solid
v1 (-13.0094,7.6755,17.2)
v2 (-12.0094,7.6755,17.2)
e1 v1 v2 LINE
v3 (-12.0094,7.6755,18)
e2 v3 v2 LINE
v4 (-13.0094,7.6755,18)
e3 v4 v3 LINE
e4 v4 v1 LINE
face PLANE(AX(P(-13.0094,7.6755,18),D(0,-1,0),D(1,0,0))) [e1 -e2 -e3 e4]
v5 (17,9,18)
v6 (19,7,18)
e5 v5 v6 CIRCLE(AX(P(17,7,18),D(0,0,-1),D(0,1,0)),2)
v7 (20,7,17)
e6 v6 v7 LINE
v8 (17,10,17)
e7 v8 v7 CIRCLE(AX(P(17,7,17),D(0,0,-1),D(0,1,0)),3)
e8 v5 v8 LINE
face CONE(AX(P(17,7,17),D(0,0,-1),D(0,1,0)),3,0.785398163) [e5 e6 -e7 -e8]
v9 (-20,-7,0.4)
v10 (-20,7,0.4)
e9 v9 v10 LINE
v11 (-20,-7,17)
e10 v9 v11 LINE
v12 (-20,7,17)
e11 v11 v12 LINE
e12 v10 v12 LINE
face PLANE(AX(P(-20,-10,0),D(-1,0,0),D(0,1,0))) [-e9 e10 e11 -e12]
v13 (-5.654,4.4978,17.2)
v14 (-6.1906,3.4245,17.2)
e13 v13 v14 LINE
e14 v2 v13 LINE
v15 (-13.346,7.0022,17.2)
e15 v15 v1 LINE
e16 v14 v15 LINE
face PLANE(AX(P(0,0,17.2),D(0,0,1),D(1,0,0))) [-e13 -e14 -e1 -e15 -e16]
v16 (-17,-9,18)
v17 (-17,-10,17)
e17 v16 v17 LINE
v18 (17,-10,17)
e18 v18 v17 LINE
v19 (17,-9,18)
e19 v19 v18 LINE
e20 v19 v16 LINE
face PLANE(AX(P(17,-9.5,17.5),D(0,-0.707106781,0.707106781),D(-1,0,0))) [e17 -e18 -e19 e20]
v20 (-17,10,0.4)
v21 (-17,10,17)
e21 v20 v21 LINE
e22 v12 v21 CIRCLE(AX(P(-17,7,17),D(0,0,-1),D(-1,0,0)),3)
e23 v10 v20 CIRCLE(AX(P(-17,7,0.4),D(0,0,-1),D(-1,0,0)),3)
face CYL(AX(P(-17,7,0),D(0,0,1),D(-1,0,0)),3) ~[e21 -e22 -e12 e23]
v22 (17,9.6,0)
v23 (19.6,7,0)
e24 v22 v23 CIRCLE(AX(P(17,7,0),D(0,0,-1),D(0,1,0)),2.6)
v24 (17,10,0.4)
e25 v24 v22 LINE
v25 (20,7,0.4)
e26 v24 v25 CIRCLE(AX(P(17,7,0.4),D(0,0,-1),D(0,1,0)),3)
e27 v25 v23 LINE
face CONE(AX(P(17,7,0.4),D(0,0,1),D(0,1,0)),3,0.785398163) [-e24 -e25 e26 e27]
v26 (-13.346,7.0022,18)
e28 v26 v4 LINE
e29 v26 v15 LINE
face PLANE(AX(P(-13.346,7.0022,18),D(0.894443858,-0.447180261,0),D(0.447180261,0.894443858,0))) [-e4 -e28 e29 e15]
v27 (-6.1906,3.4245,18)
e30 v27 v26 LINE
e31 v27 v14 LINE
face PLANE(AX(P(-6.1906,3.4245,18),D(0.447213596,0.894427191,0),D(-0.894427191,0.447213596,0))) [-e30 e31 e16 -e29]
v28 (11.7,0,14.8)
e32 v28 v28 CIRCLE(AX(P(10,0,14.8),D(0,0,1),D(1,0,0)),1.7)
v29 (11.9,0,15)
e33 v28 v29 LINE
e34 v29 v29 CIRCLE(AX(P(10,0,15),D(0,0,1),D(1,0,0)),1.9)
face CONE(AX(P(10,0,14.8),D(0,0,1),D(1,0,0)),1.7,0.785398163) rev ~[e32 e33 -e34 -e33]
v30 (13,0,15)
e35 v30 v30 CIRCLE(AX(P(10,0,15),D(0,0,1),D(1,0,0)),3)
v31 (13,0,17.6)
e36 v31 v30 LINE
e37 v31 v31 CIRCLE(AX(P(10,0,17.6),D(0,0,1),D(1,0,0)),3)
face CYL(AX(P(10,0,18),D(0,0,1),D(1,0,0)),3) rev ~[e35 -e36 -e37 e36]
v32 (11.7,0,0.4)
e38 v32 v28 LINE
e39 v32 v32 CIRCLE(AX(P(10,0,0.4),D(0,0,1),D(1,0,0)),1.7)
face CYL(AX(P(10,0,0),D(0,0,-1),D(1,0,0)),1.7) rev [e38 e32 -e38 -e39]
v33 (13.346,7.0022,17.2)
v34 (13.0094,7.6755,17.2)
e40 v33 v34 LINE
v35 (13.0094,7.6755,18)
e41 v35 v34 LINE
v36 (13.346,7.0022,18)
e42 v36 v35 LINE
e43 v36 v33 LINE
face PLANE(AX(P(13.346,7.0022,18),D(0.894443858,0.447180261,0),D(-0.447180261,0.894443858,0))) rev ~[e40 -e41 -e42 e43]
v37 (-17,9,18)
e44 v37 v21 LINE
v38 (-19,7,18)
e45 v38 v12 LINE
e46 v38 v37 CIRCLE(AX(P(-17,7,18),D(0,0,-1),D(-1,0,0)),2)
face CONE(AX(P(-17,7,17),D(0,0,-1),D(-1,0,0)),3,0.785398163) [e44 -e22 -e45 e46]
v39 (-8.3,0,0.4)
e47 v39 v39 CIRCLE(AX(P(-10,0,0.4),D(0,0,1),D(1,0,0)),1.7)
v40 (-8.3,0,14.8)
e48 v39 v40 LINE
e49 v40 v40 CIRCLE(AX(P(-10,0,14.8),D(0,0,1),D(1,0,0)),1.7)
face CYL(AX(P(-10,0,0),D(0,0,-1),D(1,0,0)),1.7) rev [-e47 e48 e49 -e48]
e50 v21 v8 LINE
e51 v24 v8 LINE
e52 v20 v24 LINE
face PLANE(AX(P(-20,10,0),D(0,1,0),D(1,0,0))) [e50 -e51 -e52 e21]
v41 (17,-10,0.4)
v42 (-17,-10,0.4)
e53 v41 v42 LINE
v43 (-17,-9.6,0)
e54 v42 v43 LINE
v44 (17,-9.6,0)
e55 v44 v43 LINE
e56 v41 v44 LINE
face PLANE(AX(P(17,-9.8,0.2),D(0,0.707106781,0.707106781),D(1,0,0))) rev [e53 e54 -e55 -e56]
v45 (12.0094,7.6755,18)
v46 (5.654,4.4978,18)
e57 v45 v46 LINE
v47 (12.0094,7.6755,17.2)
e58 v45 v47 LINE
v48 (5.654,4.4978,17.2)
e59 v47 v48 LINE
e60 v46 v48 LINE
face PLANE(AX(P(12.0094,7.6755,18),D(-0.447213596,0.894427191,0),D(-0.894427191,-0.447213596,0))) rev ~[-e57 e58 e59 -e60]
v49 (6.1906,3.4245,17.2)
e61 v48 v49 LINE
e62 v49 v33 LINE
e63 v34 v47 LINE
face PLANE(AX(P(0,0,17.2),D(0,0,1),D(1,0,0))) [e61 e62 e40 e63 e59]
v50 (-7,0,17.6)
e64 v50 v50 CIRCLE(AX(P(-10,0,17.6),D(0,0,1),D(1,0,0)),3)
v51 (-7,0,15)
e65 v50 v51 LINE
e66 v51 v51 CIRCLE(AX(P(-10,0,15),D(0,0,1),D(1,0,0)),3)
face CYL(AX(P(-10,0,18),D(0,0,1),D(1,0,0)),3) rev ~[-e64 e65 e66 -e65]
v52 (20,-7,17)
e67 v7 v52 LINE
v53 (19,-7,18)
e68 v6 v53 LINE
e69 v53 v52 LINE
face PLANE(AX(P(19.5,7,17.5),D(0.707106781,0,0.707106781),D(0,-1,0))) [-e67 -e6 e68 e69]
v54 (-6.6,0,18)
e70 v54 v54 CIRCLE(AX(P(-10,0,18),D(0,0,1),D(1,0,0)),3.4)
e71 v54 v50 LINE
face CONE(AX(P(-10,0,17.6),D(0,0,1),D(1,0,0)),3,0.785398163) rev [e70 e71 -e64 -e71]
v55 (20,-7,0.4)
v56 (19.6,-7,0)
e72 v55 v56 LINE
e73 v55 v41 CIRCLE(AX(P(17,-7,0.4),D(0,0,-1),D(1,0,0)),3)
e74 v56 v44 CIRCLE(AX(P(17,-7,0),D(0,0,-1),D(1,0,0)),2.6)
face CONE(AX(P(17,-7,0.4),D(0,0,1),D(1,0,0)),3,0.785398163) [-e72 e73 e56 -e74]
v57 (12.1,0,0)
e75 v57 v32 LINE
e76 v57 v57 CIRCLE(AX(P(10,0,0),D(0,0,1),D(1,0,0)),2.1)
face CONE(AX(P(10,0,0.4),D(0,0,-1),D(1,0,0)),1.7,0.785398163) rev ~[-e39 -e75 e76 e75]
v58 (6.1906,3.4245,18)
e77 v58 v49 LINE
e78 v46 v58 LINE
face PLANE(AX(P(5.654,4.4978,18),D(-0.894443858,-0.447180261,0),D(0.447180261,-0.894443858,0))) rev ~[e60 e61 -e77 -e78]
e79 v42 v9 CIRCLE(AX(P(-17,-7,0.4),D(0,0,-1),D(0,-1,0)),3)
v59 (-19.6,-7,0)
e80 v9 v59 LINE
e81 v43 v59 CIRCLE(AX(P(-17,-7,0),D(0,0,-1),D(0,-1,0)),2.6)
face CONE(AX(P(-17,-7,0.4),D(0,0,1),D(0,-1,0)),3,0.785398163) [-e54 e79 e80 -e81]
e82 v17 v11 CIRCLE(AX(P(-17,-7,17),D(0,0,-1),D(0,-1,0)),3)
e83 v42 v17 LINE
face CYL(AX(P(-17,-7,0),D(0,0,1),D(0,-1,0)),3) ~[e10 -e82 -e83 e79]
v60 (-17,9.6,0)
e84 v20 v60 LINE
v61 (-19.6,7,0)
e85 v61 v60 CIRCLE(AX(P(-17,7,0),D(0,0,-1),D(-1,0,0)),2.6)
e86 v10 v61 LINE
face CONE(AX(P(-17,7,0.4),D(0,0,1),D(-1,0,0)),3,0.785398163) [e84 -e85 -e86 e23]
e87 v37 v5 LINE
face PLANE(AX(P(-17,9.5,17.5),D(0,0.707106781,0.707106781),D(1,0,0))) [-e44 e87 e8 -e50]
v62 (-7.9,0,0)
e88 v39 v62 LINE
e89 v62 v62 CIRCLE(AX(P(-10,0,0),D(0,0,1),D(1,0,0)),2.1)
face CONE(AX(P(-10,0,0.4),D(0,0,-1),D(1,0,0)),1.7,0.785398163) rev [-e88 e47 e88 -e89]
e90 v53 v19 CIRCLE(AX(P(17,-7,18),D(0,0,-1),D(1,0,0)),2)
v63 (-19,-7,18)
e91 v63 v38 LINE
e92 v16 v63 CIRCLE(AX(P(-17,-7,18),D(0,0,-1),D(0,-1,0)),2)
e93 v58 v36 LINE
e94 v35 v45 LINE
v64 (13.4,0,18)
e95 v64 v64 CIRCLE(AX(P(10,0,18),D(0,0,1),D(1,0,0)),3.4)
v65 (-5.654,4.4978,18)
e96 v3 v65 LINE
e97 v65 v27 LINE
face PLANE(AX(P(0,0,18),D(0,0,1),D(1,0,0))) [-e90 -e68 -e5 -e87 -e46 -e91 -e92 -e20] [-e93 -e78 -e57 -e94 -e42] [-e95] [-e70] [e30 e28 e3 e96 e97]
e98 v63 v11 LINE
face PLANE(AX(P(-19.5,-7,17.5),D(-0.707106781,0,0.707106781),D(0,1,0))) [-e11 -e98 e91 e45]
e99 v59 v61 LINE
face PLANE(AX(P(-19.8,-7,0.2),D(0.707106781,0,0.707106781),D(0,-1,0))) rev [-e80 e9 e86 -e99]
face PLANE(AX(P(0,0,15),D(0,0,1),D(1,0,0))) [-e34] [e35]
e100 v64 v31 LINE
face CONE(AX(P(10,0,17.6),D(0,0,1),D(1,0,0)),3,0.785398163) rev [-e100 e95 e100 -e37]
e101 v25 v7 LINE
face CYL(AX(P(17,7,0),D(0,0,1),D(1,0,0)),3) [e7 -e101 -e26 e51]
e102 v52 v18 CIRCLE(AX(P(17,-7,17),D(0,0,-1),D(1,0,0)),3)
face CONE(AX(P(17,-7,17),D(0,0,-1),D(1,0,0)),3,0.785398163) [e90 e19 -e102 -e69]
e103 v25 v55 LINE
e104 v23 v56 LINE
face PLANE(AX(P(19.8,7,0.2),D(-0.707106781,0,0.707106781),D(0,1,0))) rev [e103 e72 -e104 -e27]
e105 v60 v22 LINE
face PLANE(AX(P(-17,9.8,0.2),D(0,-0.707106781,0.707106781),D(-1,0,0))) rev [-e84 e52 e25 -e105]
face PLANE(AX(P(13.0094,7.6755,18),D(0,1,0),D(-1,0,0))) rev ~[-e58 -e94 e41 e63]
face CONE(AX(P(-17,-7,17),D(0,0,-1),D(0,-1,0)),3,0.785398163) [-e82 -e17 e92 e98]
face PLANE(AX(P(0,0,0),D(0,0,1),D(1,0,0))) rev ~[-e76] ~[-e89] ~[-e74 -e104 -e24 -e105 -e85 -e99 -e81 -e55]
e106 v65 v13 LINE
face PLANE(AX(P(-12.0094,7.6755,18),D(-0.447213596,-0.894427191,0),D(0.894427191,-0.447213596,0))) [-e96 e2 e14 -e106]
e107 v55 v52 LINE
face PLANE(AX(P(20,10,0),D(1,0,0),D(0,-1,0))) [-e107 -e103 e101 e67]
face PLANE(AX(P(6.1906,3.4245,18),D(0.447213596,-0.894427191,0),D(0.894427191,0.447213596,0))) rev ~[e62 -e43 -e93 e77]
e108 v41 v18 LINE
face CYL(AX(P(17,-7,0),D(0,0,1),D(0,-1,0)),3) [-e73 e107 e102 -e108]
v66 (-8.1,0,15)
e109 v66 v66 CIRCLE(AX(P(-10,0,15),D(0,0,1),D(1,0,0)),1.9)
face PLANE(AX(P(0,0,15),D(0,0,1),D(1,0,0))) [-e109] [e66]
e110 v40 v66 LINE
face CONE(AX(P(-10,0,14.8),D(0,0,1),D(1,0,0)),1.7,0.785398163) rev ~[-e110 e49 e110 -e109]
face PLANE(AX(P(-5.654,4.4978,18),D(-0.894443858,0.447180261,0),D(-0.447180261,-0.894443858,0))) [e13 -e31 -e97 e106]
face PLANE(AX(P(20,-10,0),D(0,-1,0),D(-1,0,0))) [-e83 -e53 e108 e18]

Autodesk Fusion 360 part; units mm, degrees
sketch "Sketch1" plane through (0, 0, 0) normal (0, 0, 1) x (1, 0, 0)
  line L0 (20, -10) -> (-20, -10)
  line L1 (-20, -10) -> (-20, 10)
  line L2 (-20, 10) -> (20, 10)
  line L3 (20, 10) -> (20, -10)
  line L4 (20, -10) -> (-20, 10) construction
  line L5 (-20, -10) -> (20, 10) construction
  line L6 (-20, 0) -> (20, 0) construction
  circle A0 centre (-10, 0) radius 1.7
  circle A1 centre (-10, 0) radius 3
  line L7 (0, 10) -> (0, -10) construction
  circle A2 centre (10, 0) radius 1.7
  circle A3 centre (10, 0) radius 3
  line L8 (-6.1906, 3.4245) -> (-13.346, 7.0022)
  line L9 (-13.346, 7.0022) -> (-12.8094, 8.0755)
  line L10 (-12.8094, 8.0755) -> (-5.654, 4.4978)
  line L11 (-5.654, 4.4978) -> (-6.1906, 3.4245)
  line L12 (-6.1906, 3.4245) -> (-12.8094, 8.0755) construction
  line L13 (-13.346, 7.0022) -> (-5.654, 4.4978) construction
  line L14 (6.1906, 3.4245) -> (13.346, 7.0022)
  line L15 (13.346, 7.0022) -> (12.8094, 8.0755)
  line L16 (12.8094, 8.0755) -> (5.654, 4.4978)
  line L17 (5.654, 4.4978) -> (6.1906, 3.4245)
  line L18 (-13.0094, 7.6755) -> (-12.0094, 7.6755)
  line L19 (13.0094, 7.6755) -> (12.0094, 7.6755)
  point P0 (-9.5, 5.75)
  dimension "d1" = 40
  dimension "d2" = 20
  dimension "d3" = 3.4
  dimension "d4" = 6
  dimension "d5" = 10
  dimension "d17" = 8
  dimension "d18" = 1.2
  dimension "d19" = 9.5
  dimension "d20" = 4.25
  dimension "d24" = 0.4
extrude "Extrude1" add sketch "Sketch1" along normal blind 18 contours L0 L1 L2 L3 | A1 | A3 | L8 L9 L10 L11 L18 | L9 L10 L18 | L14 L15 L16 L17 L19 | L15 L16 L19
extrude "Extrude2" cut sketch "Sketch1" against normal blind 3 from surface at 18 contours A1 | A3
fillet "Fillet1" radius 3 4 edges at (-20, 10, 9) (-20, -10, 9) (20, -10, 9) (20, 10, 9)
chamfer "Chamfer1" distance 1 angle 45 8 edges at (0, 10, 18) (-19.1213, 9.1213, 18) (-20, 0, 18) (-19.1213, -9.1213, 18) (0, -10, 18) (19.1213, -9.1213, 18) (20, 0, 18) (19.1213, 9.1213, 18)
chamfer "Chamfer2" distance 0.4 angle 45 10 edges at (7.203, 1.0848, 18) (-12.797, 1.0848, 18) (0, -10, 0) (-19.1213, -9.1213, 0) (-20, 0, 0) (-19.1213, 9.1213, 0) (0, 10, 0) (19.1213, 9.1213, 0) (20, 0, 0) (19.1213, -9.1213, 0)
chamfer "Chamfer3" distance 0.2 angle 45 2 edges at (-11.585, -0.6147, 15) (8.415, -0.6147, 15)
chamfer "Chamfer4" distance 0.4 angle 45 2 edges at (-11.585, 0.6147, 0) (8.415, 0.6147, 0)
extrude "Extrude3" cut sketch "Sketch1" against normal blind 0.8 from surface at 18 contours L8 L9 L10 L11 L18 | L14 L15 L16 L17 L19
